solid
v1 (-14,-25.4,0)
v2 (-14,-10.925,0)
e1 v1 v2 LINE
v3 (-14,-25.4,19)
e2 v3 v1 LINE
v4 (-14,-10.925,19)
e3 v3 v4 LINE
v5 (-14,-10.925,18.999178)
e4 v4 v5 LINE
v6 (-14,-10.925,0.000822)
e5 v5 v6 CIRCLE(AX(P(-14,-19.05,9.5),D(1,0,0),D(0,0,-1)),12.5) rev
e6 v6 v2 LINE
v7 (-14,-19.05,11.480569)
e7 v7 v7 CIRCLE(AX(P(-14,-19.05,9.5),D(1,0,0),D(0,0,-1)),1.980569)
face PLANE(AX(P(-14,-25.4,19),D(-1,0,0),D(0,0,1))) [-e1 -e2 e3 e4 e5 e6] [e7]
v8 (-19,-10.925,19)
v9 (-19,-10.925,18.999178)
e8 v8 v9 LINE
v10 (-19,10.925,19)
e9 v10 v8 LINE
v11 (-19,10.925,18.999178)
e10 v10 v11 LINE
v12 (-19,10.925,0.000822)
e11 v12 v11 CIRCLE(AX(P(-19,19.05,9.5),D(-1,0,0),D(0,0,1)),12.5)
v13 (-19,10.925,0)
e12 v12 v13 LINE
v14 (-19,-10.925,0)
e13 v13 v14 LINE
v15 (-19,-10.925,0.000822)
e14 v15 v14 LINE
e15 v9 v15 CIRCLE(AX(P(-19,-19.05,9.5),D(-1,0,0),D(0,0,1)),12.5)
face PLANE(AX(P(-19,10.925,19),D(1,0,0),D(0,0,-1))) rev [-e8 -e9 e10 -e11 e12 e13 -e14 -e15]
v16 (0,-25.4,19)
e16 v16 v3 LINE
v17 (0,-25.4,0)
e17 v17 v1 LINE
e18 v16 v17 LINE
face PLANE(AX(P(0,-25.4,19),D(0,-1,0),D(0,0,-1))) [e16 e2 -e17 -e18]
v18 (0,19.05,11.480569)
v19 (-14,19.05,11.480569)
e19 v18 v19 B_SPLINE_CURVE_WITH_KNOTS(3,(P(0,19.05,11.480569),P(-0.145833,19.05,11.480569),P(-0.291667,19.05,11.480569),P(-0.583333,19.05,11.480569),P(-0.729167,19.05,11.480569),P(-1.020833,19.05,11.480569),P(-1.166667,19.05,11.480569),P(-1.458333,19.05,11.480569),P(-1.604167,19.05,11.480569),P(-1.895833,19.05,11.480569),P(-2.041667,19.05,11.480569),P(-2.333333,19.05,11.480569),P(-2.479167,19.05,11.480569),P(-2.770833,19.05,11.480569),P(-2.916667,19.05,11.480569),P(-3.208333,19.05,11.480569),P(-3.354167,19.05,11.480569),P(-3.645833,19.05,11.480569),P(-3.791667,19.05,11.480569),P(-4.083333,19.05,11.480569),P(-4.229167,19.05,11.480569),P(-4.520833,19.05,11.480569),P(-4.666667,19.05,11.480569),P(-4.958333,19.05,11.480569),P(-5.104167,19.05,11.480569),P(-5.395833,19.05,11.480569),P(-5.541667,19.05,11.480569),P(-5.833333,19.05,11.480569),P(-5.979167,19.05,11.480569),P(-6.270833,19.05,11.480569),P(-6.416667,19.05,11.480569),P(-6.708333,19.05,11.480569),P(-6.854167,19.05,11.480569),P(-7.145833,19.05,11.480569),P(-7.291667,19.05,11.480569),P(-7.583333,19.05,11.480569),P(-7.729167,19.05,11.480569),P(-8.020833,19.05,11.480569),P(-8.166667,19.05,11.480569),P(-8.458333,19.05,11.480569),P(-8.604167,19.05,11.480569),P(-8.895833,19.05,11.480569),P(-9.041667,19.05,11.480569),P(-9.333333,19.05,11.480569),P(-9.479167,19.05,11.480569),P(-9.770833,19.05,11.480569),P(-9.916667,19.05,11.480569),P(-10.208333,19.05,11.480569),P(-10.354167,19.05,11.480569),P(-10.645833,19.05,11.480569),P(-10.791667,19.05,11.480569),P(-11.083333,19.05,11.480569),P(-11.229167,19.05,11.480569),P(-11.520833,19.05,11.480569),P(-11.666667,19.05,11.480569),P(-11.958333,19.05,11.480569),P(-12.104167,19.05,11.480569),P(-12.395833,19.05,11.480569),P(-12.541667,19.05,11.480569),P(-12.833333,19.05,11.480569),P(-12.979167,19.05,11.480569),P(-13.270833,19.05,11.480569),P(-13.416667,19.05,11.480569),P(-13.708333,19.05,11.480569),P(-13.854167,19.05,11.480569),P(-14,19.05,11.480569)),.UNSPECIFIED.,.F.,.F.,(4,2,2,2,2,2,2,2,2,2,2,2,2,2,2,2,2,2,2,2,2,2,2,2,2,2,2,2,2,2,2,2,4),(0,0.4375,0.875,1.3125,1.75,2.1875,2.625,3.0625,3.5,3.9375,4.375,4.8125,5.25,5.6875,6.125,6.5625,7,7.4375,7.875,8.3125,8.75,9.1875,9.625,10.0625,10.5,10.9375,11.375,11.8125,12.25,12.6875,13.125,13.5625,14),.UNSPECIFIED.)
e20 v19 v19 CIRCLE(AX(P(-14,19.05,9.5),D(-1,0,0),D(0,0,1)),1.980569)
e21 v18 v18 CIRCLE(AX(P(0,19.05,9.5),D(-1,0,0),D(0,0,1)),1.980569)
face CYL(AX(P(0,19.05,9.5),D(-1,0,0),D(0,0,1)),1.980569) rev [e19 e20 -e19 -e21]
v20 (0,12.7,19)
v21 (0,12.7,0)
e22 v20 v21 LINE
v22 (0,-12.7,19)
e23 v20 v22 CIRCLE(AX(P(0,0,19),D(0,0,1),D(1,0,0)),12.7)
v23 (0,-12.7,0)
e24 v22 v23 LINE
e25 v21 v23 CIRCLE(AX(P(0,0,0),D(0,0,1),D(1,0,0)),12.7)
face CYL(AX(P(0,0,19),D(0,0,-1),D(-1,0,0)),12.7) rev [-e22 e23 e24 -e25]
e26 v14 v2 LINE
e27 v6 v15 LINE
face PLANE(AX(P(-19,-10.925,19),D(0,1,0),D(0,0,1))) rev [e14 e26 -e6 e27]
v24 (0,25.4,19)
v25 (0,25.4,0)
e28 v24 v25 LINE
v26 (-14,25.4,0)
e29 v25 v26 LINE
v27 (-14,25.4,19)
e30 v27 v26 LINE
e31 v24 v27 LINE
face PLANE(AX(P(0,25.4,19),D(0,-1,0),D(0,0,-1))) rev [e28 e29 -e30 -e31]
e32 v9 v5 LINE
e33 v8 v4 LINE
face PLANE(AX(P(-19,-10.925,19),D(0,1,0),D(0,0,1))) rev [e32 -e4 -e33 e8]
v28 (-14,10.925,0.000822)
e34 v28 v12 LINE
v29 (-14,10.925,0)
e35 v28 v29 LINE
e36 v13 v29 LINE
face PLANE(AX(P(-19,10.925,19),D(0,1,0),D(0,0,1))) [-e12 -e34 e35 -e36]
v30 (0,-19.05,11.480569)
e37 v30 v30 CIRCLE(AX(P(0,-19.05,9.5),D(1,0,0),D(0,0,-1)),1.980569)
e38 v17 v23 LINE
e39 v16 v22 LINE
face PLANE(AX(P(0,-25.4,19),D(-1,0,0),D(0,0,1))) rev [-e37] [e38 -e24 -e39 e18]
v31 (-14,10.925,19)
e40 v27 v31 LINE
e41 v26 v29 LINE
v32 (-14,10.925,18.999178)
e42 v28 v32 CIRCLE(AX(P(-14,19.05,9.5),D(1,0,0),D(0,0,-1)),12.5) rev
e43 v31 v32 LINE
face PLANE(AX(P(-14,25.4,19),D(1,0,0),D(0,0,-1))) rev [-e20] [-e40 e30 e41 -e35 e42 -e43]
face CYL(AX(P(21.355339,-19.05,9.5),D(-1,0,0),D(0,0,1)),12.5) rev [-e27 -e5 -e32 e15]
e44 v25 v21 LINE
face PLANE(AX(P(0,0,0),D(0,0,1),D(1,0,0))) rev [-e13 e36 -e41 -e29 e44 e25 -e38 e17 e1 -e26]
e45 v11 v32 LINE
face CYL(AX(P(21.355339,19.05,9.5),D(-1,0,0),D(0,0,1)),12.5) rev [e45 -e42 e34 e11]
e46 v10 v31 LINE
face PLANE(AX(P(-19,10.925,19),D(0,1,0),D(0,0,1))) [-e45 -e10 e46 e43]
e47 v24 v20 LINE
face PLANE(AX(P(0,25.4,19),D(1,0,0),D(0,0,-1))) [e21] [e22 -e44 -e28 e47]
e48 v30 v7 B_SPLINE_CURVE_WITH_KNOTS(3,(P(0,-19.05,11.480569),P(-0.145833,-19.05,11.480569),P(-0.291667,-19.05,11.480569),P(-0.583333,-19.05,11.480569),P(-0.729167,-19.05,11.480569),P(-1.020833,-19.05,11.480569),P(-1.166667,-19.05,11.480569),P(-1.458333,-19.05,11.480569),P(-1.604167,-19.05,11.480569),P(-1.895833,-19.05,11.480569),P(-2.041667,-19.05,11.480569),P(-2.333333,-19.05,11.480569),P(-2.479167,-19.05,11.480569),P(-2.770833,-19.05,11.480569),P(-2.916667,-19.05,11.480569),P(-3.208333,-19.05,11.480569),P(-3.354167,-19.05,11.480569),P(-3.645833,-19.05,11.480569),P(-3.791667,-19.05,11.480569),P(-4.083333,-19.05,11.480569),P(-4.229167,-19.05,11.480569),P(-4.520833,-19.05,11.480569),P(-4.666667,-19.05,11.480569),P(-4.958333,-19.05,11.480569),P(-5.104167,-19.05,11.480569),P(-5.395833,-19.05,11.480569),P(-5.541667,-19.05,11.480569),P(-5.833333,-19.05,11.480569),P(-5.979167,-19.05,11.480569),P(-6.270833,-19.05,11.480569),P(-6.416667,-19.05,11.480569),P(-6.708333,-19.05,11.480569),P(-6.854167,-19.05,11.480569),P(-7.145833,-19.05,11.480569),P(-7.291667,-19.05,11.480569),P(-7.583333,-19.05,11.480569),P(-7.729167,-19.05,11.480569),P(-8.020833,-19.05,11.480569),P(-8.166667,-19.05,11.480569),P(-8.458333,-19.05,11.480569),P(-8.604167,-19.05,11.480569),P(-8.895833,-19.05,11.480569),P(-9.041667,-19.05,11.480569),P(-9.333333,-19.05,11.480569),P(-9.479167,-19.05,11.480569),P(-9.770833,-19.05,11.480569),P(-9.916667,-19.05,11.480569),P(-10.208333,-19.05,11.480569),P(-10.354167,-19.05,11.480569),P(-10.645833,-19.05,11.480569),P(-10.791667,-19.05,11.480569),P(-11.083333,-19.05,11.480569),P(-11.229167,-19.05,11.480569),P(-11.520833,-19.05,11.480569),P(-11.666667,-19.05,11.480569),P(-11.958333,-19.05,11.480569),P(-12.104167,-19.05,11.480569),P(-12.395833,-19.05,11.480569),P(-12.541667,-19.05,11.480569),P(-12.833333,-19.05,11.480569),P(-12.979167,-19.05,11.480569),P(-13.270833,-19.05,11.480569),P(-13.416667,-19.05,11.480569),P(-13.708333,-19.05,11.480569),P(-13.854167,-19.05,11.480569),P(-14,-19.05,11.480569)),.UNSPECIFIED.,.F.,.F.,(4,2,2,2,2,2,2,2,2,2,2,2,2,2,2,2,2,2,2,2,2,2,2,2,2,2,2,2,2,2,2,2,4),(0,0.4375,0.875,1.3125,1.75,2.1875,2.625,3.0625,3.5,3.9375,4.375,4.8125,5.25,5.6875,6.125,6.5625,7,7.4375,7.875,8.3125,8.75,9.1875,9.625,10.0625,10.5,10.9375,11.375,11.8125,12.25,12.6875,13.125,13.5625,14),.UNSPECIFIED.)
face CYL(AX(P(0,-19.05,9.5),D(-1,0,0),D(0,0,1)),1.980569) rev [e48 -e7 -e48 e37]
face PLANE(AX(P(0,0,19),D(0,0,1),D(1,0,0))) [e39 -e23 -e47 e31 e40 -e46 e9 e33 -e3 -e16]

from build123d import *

# Parameters (mm, degrees)
BOSS_EXTRUDE1_DEPTH = 19
SKETCH4_R           = 1.980568965
CUT_EXTRUDE1_DEPTH  = 35.672179049
SKETCH6_R           = 12.5
CUT_EXTRUDE2_DEPTH  = 5


with BuildPart() as part:
    # Sketch2 → Boss-Extrude1 (new body)
    with BuildSketch(Plane(origin=(0, 0, 0), x_dir=(0, 1, 0), z_dir=(0, 0, 1))):
        with BuildLine():
            Line((10.925, 19), (-10.925, 19))
            Line((-10.925, 19), (-10.925, 14))
            Line((-10.925, 14), (-25.4, 14))
            Line((-25.4, 14), (-25.4, 0))
            Line((-25.4, 0), (-12.7, 0))
            ThreePointArc((-12.7, 0), (0, 12.7), (12.7, 0))
            Line((12.7, 0), (25.4, 0))
            Line((25.4, 0), (25.4, 14))
            Line((25.4, 14), (10.925, 14))
            Line((10.925, 14), (10.925, 19))
        make_face()
    extrude(amount=BOSS_EXTRUDE1_DEPTH)

    # Sketch4 → Cut-Extrude1 (cut, through all)
    with BuildSketch(Plane.ZY.offset(14)):
        with Locations((9.5, 19.05)):
            Circle(SKETCH4_R)
        with Locations((9.5, -19.05)):
            Circle(SKETCH4_R)
    extrude(amount=-CUT_EXTRUDE1_DEPTH, mode=Mode.SUBTRACT)

    # Sketch6 → Cut-Extrude2 (cut)
    with BuildSketch(Plane(origin=(-19, 0, 0), x_dir=(0, -1, 0), z_dir=(-1, 0, 0))):
        with Locations((-19.05, 9.5)):
            Circle(SKETCH6_R)
        with Locations((19.05, 9.5)):
            Circle(SKETCH6_R)
    extrude(amount=-CUT_EXTRUDE2_DEPTH, mode=Mode.SUBTRACT)


solid = part.part
